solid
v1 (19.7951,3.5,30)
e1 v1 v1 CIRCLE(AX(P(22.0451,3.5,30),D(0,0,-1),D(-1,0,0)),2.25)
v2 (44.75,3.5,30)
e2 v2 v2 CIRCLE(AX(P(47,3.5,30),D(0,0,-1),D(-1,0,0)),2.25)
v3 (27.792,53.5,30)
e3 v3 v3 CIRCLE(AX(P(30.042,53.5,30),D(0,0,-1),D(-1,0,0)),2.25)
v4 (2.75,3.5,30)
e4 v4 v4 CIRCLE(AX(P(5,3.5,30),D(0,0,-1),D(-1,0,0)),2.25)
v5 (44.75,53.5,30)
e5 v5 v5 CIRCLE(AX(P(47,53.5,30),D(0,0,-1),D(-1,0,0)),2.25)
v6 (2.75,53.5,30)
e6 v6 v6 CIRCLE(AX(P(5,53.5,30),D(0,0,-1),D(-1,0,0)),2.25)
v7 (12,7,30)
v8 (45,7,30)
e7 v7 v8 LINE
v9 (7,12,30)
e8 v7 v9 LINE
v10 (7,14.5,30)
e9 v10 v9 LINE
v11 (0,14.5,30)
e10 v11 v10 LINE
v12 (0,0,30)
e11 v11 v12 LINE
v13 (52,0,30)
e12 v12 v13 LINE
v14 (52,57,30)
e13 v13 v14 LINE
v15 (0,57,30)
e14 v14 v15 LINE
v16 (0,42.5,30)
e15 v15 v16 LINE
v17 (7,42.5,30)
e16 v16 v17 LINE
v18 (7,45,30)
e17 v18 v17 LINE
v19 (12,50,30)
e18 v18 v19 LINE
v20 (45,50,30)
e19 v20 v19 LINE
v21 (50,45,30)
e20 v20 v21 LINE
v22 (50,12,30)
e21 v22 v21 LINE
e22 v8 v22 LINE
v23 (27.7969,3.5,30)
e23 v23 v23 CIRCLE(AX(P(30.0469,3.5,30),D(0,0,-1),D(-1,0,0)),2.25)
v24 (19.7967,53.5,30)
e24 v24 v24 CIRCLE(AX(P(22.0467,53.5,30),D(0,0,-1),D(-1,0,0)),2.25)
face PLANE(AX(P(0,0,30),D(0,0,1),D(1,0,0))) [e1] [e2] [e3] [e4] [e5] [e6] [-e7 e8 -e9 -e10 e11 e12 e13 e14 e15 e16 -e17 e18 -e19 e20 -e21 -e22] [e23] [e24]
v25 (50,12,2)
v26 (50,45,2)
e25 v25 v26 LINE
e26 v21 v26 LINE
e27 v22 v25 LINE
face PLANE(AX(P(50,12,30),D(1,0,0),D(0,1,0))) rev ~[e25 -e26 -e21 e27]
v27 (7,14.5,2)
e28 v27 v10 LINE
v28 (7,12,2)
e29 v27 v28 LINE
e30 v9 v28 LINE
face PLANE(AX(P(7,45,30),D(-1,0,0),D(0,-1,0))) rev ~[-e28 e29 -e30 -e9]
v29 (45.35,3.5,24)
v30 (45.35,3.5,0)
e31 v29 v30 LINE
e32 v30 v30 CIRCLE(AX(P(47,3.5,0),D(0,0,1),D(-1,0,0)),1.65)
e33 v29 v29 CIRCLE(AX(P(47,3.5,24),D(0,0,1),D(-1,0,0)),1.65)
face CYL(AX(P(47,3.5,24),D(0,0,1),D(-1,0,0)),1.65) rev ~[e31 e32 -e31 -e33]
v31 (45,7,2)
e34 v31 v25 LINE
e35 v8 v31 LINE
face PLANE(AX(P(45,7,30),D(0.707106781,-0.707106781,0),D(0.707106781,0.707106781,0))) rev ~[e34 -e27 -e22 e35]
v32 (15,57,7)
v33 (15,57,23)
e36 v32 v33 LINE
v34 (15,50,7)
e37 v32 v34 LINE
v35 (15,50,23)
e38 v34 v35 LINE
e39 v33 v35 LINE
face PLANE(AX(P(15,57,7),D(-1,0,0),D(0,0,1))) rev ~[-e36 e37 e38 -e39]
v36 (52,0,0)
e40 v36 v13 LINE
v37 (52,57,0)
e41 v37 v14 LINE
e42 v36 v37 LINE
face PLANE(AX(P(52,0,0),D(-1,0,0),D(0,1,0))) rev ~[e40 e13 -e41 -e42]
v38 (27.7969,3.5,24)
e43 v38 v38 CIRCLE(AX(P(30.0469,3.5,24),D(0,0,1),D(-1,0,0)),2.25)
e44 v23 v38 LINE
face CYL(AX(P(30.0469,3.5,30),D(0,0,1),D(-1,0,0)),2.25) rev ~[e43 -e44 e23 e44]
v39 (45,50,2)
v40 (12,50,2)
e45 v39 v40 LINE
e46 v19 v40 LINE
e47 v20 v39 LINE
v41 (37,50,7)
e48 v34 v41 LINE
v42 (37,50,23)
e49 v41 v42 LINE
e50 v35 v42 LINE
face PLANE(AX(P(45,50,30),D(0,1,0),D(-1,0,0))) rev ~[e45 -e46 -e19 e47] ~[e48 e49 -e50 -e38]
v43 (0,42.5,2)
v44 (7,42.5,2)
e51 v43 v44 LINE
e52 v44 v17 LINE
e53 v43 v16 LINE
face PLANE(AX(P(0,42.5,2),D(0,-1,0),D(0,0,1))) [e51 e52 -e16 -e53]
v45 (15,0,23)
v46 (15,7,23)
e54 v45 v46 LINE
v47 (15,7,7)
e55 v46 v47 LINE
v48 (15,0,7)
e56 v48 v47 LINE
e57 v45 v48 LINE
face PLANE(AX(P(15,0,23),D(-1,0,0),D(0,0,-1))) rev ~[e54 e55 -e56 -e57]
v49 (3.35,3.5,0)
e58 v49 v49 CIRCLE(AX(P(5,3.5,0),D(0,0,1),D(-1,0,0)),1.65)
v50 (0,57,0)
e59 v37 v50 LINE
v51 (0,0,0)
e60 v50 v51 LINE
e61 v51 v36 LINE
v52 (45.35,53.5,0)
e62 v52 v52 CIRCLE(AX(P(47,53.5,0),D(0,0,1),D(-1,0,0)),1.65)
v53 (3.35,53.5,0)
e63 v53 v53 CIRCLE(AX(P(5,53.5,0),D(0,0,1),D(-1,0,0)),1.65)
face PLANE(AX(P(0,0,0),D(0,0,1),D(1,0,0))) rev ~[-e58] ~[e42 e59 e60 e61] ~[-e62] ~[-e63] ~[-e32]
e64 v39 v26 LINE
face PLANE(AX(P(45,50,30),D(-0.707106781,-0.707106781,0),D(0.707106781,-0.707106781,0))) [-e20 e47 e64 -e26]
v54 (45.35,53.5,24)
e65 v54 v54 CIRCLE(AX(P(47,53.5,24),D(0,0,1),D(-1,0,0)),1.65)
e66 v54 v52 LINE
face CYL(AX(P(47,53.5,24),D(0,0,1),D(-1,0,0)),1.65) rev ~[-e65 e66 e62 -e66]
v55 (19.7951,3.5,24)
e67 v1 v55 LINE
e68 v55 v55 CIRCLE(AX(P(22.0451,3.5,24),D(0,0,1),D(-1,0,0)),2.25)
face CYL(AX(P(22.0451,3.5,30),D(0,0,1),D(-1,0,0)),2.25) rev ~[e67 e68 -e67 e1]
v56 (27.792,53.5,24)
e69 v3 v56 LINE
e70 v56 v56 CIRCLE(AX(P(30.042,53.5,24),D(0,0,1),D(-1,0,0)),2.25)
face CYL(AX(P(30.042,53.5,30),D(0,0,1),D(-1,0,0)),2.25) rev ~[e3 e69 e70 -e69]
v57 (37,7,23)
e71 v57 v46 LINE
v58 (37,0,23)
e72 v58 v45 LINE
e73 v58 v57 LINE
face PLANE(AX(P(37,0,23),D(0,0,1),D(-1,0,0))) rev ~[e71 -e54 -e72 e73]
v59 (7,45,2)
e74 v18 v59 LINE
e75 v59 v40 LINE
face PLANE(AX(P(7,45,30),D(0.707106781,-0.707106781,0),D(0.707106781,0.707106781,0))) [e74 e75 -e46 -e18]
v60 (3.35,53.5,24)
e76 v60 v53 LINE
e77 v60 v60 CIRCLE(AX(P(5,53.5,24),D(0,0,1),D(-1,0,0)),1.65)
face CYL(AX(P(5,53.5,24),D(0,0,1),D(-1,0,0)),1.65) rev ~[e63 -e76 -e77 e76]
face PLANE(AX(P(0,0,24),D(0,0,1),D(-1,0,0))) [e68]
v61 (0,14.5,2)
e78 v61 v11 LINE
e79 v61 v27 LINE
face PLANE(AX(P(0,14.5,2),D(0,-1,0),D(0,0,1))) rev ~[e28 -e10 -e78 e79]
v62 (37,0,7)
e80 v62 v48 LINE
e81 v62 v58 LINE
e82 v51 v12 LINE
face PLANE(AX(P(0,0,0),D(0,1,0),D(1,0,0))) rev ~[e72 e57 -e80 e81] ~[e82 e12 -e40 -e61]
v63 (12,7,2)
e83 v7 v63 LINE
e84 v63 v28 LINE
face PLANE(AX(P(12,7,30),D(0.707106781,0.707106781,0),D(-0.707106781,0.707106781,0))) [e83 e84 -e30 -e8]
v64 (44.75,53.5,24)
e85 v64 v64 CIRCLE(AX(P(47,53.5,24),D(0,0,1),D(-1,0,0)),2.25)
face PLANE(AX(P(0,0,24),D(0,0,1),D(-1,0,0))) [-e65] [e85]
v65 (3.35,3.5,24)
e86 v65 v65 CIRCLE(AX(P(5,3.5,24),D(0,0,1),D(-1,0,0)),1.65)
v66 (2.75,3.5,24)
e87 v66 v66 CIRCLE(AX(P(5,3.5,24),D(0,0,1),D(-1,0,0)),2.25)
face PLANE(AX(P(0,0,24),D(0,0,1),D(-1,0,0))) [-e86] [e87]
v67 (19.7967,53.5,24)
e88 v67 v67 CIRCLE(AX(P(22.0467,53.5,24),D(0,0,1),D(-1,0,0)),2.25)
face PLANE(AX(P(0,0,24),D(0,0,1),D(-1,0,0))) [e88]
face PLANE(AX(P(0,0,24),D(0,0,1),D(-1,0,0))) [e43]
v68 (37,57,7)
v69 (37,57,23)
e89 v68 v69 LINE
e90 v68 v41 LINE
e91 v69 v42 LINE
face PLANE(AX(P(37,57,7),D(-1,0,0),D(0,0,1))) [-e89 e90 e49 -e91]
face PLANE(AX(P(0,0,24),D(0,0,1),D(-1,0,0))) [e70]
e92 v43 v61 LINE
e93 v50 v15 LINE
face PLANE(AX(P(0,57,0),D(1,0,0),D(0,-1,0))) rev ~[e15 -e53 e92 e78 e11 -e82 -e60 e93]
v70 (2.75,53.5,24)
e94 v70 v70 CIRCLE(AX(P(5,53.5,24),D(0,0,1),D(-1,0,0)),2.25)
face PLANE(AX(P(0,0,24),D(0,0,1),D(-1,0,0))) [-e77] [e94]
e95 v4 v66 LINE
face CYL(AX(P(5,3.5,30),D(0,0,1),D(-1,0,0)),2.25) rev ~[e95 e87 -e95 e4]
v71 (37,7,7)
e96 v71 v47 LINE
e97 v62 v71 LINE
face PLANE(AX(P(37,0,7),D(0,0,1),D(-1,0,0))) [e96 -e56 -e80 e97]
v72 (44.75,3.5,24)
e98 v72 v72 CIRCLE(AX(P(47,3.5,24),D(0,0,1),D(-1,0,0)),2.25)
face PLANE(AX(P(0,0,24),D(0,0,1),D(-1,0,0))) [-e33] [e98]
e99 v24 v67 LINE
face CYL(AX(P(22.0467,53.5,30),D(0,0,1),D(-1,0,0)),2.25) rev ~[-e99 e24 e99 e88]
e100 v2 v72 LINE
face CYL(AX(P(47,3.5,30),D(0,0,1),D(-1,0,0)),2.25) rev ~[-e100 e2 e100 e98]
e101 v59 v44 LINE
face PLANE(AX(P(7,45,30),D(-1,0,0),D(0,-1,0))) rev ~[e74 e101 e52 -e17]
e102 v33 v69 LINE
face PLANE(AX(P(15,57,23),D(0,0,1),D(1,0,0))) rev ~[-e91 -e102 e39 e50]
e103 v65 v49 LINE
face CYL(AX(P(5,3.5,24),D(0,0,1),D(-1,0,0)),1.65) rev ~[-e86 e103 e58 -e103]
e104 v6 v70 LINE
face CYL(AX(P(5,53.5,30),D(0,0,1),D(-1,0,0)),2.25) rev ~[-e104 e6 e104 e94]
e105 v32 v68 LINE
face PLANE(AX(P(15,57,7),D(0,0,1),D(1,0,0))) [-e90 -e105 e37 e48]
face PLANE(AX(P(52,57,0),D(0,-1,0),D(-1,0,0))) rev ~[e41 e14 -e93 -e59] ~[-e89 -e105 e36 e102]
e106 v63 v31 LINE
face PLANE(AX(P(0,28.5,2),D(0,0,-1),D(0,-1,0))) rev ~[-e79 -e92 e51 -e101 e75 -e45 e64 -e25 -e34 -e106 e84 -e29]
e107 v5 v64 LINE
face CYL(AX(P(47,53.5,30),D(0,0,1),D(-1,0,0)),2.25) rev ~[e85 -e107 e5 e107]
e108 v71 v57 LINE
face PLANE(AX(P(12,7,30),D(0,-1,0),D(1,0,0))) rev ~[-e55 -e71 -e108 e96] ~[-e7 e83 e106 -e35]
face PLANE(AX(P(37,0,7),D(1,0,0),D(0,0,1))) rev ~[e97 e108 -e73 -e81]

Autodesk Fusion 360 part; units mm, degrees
sketch "スケッチ1" plane through (0, 0, 0) normal (0, 0, 1) x (1, 0, 0)
  line L0 (0, 0) -> (52, 0)
  line L1 (52, 0) -> (52, 57)
  line L2 (52, 57) -> (0, 57)
  line L3 (0, 57) -> (0, 0)
  dimension "d1" = 57
extrude "押し出し1" add sketch "スケッチ1" along normal blind 30
sketch "スケッチ2" plane through (0, 0, 30) normal (0, 0, 1) x (-1, 0, 0)
  line L0 (0, -57) -> (0, 0)
  line L1 (0, 0) -> (-52, 0)
  line L2 (-52, 0) -> (-52, -57)
  line L3 (-52, -57) -> (0, -57)
  line L4 (-45, -7) -> (-45, -50)
  line L5 (-45, -50) -> (-7, -50)
  line L6 (-7, -50) -> (-7, -7)
  line L7 (-12, -7) -> (-45, -7)
  line L8 (-45, -7) -> (-50, -7)
  line L9 (-50, -12) -> (-50, -50)
  line L10 (-50, -50) -> (-45, -50)
  line L11 (-45, -50) -> (-45, -7)
  line L12 (-7, -7) -> (-45, -7)
  line L13 (-50, -7) -> (-50, -45)
  line L14 (-45, -50) -> (-12, -50)
  line L15 (-7, -45) -> (-7, -12)
  line L16 (-7, -45) -> (-12, -50)
  line L17 (-45, -50) -> (-50, -45)
  line L18 (-45, -7) -> (-50, -12)
  line L19 (-12, -7) -> (-7, -12)
  point P0 (-7, -50)
  dimension "d5" = 5
  dimension "d6" = 5
  dimension "d7" = 5
  dimension "d8" = 5
  dimension "d9" = 5
  dimension "d10" = 5
  dimension "d11" = 5
  dimension "d12" = 5
extrude "押し出し2" cut sketch "スケッチ2" against normal blind 28 contours L4 L5 L6 L7 L11 L12 L14 L15 L16 L19 | L4 L9 L11 L13 L17 L18
sketch "スケッチ3" plane through (0, 0, 30) normal (0, 0, 1) x (-1, 0, 0)
  line L0 (-50, -45) -> (-50, -12)
  line L1 (-50, -12) -> (-45, -7)
  line L2 (-45, -7) -> (-12, -7)
  line L3 (-12, -7) -> (-7, -12)
  line L4 (-7, -12) -> (-7, -45)
  line L5 (-7, -45) -> (-12, -50)
  line L6 (-12, -50) -> (-45, -50)
  line L7 (-45, -50) -> (-50, -45)
  line L8 (0, -57) -> (0, 0)
  line L9 (0, 0) -> (-52, 0)
  line L10 (-52, 0) -> (-52, -57)
  line L11 (-52, -57) -> (0, -57)
  line L12 (0, -57) -> (-26.0227, -57)
  line L13 (-26.0227, -57) -> (-26.0227, -53.5)
  line L14 (-26.0227, -53.5) -> (0, -53.5)
  line L15 (0, -53.5) -> (0, -57)
  line L16 (-26.0227, -53.5) -> (-52, -53.5)
  line L17 (-52, -53.5) -> (-52, -57)
  line L18 (-52, -57) -> (-26.0227, -57)
  line L19 (-26.0227, -57) -> (-26.0227, -53.5)
  line L20 (0, 0) -> (-26.0083, 0)
  line L21 (-26.0083, 0) -> (-26.0083, -3.5)
  line L22 (-26.0083, -3.5) -> (0, -3.5)
  line L23 (0, -3.5) -> (0, 0)
  line L24 (-26.0083, 0) -> (-52, 0)
  line L25 (-52, 0) -> (-52, -3.5)
  line L26 (-52, -3.5) -> (-26.0083, -3.5)
  line L27 (-26.0083, -3.5) -> (-26.0083, 0)
  line L28 (0, -57) -> (-5, -57)
  line L29 (-5, -57) -> (-5, -53.5)
  line L30 (-5, -53.5) -> (0, -53.5)
  line L31 (0, -53.5) -> (0, -57)
  line L32 (-52, -57) -> (-47, -57)
  line L33 (-47, -57) -> (-47, -53.5)
  line L34 (-47, -53.5) -> (-52, -53.5)
  line L35 (-52, -53.5) -> (-52, -57)
  line L36 (0, 0) -> (-5, 0)
  line L37 (-5, 0) -> (-5, -3.5)
  line L38 (-5, -3.5) -> (0, -3.5)
  line L39 (0, -3.5) -> (0, 0)
  line L40 (-52, 0) -> (-47, 0)
  line L41 (-47, 0) -> (-47, -3.5)
  line L42 (-47, -3.5) -> (-52, -3.5)
  line L43 (-52, -3.5) -> (-52, 0)
  line L44 (-26.0227, -53.5) -> (-30.042, -53.5)
  line L45 (-30.042, -53.5) -> (-30.042, -57)
  line L46 (-30.042, -57) -> (-26.0227, -57)
  line L47 (-26.0227, -57) -> (-26.0227, -53.5)
  line L48 (-26.0227, -53.5) -> (-22.0467, -53.5)
  line L49 (-22.0467, -53.5) -> (-22.0467, -57)
  line L50 (-22.0467, -57) -> (-26.0227, -57)
  line L51 (-26.0227, -57) -> (-26.0227, -53.5)
  line L52 (-26.0083, 0) -> (-30.0469, 0)
  line L53 (-30.0469, 0) -> (-30.0469, -3.5)
  line L54 (-30.0469, -3.5) -> (-26.0083, -3.5)
  line L55 (-26.0083, -3.5) -> (-26.0083, 0)
  line L56 (-26.0083, 0) -> (-22.0451, 0)
  line L57 (-22.0451, 0) -> (-22.0451, -3.5)
  line L58 (-22.0451, -3.5) -> (-26.0083, -3.5)
  line L59 (-26.0083, -3.5) -> (-26.0083, 0)
  circle A0 centre (-5, -53.5) radius 2.25
  circle A1 centre (-22.0467, -53.5) radius 2.25
  circle A2 centre (-30.042, -53.5) radius 2.25
  circle A3 centre (-47, -53.5) radius 2.25
  circle A4 centre (-5, -3.5) radius 2.25
  circle A5 centre (-22.0451, -3.5) radius 2.25
  circle A6 centre (-30.0469, -3.5) radius 2.25
  circle A7 centre (-47, -3.5) radius 2.25
  dimension "d15" = 3.5
  dimension "d16" = 3.5
  dimension "d17" = 3.5
  dimension "d18" = 4.5
  dimension "d19" = 4.5
  dimension "d20" = 4.5
  dimension "d21" = 4.5
  dimension "d22" = 4.5
  dimension "d23" = 4.5
  dimension "d24" = 4.5
  dimension "d25" = 4.5
extrude "押し出し3" cut sketch "スケッチ3" against normal blind 6 contours L14 L29 L30 A0 | L14 L30 A0 | L14 L29 A0 | L22 L38 A4 | L22 L37 L38 A4 | L14 L48 L49 A1 | L14 L49 A1 | L22 L37 A4 | L14 L48 A1 | L22 L58 A5 | L22 L57 A5 | L16 L45 A2 | L16 L44 L45 A2 | L16 L44 A2 | L22 L57 L58 A5 | L16 L33 L34 A3 | L16 L33 A3 | L16 L34 A3 | L26 L53 L54 A6 | L26 L53 A6 | L26 L54 A6 | L26 L41 A7 | L26 L41 L42 A7 | L26 L42 A7
sketch "スケッチ4" plane through (0, 0, 24) normal (0, 0, 1) x (-1, 0, 0)
  circle A0 centre (-5, -53.5) radius 2.25
  circle A1 centre (-5, -53.5) radius 1.65
  circle A2 centre (-5, -3.5) radius 1.65
  circle A3 centre (-47, -3.5) radius 1.65
  circle A4 centre (-47, -53.5) radius 1.65
  dimension "d28" = 3.3
  dimension "d29" = 3.3
  dimension "d30" = 3.3
  dimension "d31" = 3.3
extrude "押し出し4" cut sketch "スケッチ4" against normal blind 24 contours A1 | A2 | A3 | A4
sketch "スケッチ5" plane through (0, 0, 0) normal (-1, 0, 0) x (0, -1, 0)
  line L0 (-57, 0) -> (0, 0)
  line L1 (0, 0) -> (0, 30)
  line L2 (0, 30) -> (-57, 30)
  line L3 (-57, 30) -> (-57, 0)
  line L4 (-57, 0) -> (-28.5, 0)
  line L5 (-28.5, 0) -> (-28.5, 2)
  line L6 (-28.5, 2) -> (-57, 2)
  line L7 (-57, 2) -> (-57, 0)
  line L8 (-28.5, 2) -> (-14.5, 2)
  line L9 (-14.5, 2) -> (-14.5, 30)
  line L10 (-14.5, 30) -> (-28.5, 30)
  line L11 (-28.5, 30) -> (-28.5, 2)
  line L12 (-28.5, 2) -> (-42.5, 2)
  line L13 (-42.5, 2) -> (-42.5, 30)
  line L14 (-42.5, 30) -> (-28.5, 30)
  line L15 (-28.5, 30) -> (-28.5, 2)
  dimension "d34" = 28.5
  dimension "d35" = 2
  dimension "d36" = 14
  dimension "d37" = 28
  dimension "d38" = 14
  dimension "d39" = 28
extrude "押し出し5" cut sketch "スケッチ5" against normal blind 7 contours L2 L8 L9 L10 L11 L15 | L2 L6 L11 L12 L13 L14 L15
sketch "スケッチ6" plane through (0, 0, 0) normal (0, -1, 0) x (1, 0, 0)
  line L0 (0, 0) -> (52, 0)
  line L1 (52, 0) -> (52, 30)
  line L2 (52, 30) -> (0, 30)
  line L3 (0, 30) -> (0, 0)
  line L4 (0, 30) -> (15, 30)
  line L5 (15, 30) -> (15, 0)
  line L6 (15, 0) -> (0, 0)
  line L7 (0, 0) -> (0, 30)
  line L8 (52, 0) -> (37, 0)
  line L9 (37, 0) -> (37, 30)
  line L10 (37, 30) -> (52, 30)
  line L11 (52, 30) -> (52, 0)
  line L12 (0, 30) -> (52, 30)
  line L13 (52, 30) -> (52, 23)
  line L14 (52, 23) -> (0, 23)
  line L15 (0, 23) -> (0, 30)
  line L16 (0, 0) -> (52, 0)
  line L17 (52, 0) -> (52, 7)
  line L18 (52, 7) -> (0, 7)
  line L19 (0, 7) -> (0, 0)
  dimension "d42" = 15
  dimension "d43" = 30
  dimension "d44" = 15
  dimension "d45" = 30
  dimension "d46" = 7
  dimension "d47" = 7
extrude "押し出し6" cut sketch "スケッチ6" against normal blind 7 contours L5 L9 L14 L18
sketch "スケッチ7" plane through (0, 57, 0) normal (0, 1, 0) x (-1, 0, 0)
  line L0 (-52, 0) -> (0, 0)
  line L1 (0, 0) -> (0, 30)
  line L2 (0, 30) -> (-52, 30)
  line L3 (-52, 30) -> (-52, 0)
  line L4 (-52, 0) -> (-37, 0)
  line L5 (-37, 0) -> (-37, 30)
  line L6 (-37, 30) -> (-52, 30)
  line L7 (-52, 30) -> (-52, 0)
  line L8 (0, 0) -> (-15, 0)
  line L9 (-15, 0) -> (-15, 30)
  line L10 (-15, 30) -> (0, 30)
  line L11 (0, 30) -> (0, 0)
  line L12 (-52, 30) -> (0, 30)
  line L13 (0, 30) -> (0, 23)
  line L14 (0, 23) -> (-52, 23)
  line L15 (-52, 23) -> (-52, 30)
  line L16 (-52, 0) -> (0, 0)
  line L17 (0, 0) -> (0, 7)
  line L18 (0, 7) -> (-52, 7)
  line L19 (-52, 7) -> (-52, 0)
  dimension "d50" = 15
  dimension "d51" = 30
  dimension "d52" = 15
  dimension "d53" = 30
  dimension "d54" = 7
  dimension "d55" = 7
extrude "押し出し7" cut sketch "スケッチ7" against normal blind 7 contours L5 L9 L14 L18
equation "d6 = d5"
equation "d8 = d7"
equation "d10 = d9"
equation "d12 = d11"
